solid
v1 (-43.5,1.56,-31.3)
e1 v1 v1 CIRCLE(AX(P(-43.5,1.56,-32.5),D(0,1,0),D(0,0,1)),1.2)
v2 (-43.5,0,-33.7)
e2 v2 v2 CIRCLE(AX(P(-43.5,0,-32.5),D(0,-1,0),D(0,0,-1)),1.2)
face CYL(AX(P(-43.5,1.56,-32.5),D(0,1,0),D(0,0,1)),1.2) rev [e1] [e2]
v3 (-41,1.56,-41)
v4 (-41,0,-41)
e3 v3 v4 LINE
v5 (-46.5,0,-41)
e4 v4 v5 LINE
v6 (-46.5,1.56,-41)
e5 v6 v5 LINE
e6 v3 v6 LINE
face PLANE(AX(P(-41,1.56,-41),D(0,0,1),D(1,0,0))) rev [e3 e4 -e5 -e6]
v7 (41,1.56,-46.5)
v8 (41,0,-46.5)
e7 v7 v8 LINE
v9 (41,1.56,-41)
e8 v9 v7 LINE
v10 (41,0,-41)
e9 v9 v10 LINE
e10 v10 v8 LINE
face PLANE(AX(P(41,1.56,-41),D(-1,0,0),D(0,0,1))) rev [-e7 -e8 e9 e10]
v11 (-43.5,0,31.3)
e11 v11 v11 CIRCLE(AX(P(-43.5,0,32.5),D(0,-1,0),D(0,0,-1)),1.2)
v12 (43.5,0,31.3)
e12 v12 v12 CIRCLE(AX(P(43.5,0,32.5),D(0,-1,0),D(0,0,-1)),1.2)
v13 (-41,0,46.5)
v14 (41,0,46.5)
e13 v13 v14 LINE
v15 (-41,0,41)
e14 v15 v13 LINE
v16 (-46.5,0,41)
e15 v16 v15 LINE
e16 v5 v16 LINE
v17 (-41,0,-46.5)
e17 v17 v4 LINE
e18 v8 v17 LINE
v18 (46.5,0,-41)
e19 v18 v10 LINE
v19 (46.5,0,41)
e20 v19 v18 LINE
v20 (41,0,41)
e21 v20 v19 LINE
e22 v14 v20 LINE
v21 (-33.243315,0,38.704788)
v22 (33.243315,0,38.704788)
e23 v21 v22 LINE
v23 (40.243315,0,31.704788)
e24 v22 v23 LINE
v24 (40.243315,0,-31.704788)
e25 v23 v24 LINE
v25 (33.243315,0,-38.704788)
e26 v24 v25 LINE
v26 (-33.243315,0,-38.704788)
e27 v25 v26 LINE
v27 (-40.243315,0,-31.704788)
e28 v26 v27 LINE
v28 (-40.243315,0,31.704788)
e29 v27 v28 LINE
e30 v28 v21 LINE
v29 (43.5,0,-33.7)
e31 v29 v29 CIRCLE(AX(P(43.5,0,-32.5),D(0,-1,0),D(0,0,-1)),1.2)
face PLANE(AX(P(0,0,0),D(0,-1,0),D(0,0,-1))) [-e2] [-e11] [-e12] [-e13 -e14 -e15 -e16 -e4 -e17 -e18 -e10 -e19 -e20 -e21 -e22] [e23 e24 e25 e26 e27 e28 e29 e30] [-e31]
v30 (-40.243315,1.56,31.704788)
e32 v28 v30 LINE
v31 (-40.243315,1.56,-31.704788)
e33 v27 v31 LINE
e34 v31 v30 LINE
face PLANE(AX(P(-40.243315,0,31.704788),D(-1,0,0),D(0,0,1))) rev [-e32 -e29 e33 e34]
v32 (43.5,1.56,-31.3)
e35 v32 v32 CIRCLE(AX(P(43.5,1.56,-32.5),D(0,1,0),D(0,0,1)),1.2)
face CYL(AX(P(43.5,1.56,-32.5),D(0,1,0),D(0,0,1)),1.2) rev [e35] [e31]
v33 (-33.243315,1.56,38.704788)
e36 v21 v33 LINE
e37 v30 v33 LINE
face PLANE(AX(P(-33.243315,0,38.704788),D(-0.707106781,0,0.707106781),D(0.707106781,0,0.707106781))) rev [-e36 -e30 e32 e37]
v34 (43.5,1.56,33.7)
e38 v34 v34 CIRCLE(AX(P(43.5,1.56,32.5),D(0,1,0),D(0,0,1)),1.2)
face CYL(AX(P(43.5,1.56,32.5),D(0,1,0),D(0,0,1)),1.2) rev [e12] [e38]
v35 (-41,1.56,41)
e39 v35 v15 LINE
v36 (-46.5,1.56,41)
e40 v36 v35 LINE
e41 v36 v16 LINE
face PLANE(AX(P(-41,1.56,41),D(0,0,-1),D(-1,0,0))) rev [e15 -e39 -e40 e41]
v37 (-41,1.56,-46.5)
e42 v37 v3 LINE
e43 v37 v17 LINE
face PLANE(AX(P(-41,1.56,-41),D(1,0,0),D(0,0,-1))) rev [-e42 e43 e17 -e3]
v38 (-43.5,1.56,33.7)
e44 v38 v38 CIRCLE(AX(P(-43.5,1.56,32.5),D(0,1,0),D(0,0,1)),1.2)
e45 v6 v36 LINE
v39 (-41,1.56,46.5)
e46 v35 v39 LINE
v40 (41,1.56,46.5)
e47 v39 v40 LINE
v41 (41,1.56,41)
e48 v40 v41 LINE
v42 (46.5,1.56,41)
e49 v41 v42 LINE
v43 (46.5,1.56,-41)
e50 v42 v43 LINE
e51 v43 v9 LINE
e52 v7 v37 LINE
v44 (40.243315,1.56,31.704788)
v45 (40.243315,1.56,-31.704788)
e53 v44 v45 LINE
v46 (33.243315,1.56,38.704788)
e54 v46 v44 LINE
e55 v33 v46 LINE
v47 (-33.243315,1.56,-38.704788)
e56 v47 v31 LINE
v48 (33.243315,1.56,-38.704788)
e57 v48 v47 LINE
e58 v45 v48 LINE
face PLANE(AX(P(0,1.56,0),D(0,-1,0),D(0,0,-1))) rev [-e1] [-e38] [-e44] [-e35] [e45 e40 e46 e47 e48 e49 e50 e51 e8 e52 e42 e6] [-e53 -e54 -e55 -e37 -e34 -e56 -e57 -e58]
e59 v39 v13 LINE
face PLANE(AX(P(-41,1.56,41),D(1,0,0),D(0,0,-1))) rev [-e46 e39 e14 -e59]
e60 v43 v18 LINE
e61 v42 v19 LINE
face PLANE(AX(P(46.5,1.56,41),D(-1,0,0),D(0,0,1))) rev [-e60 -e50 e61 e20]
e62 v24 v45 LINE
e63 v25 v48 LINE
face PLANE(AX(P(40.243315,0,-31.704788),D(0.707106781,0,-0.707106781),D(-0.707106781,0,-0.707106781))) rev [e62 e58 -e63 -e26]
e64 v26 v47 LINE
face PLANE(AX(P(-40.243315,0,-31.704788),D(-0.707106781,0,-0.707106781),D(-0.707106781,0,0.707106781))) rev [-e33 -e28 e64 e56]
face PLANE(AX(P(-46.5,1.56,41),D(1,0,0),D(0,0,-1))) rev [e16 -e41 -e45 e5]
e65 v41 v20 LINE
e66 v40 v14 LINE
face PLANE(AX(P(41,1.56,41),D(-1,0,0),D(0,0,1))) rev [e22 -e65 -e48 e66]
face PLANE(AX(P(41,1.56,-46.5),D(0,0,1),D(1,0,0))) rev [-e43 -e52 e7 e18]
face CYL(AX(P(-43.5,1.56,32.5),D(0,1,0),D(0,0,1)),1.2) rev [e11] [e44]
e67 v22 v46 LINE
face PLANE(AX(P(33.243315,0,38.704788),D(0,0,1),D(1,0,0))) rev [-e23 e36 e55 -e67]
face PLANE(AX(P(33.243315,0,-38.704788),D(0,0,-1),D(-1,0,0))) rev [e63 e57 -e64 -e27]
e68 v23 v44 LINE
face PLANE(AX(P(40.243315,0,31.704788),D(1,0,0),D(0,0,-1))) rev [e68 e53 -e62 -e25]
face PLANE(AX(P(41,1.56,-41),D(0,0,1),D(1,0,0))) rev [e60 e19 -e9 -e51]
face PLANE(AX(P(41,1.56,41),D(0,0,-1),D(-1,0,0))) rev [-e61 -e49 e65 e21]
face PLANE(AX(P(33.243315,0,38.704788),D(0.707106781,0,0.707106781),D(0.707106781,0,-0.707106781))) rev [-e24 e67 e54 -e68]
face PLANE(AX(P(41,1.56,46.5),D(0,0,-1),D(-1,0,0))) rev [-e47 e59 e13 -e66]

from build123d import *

# Parameters (mm, degrees)
BOSS_EXTRUDE1_DEPTH      = 1.56
CUT_EXTRUDE1_DEPTH       = 1.56
M2_CLEARANCE_HOLE1_D     = 2.4
M2_CLEARANCE_HOLE1_DEPTH = 38.1
M2_CLEARANCE_HOLE1_TIP   = 0.721032743


with BuildPart() as part:
    # Sketch1 → Boss-Extrude1 (new body)
    with BuildSketch(Plane(origin=(0, 0, 0), x_dir=(1, 0, 0), z_dir=(0, 1, 0))):
        Polygon((-41, -41), (-46.5, -41), (-46.5, 41), (-41, 41), (-41, 46.5), (41, 46.5), (41, 41), (46.5, 41), (46.5, -41), (41, -41), (41, -46.5), (-41, -46.5), align=None)
    extrude(amount=BOSS_EXTRUDE1_DEPTH)

    # Sketch2 → Cut-Extrude1 (cut)
    with BuildSketch(Plane(origin=(0, 1.56, 0), x_dir=(1, 0, 0), z_dir=(0, 1, 0))):
        Polygon((-40.243314804, 31.704788024), (-33.243314804, 38.704788024), (33.243314804, 38.704788024), (40.243314804, 31.704788024), (40.243314804, -31.704788024), (33.243314804, -38.704788024), (-33.243314804, -38.704788024), (-40.243314804, -31.704788024), align=None)
    extrude(amount=-CUT_EXTRUDE1_DEPTH, mode=Mode.SUBTRACT)

    # M2 Clearance Hole1
    with Locations(Plane(origin=(0, 1.56, 0), x_dir=(1, 0, 0), z_dir=(0, 1, 0))):
        with Locations((-43.5, -32.5), (-43.5, 32.5), (43.5, 32.5), (43.5, -32.5)):
            Hole(M2_CLEARANCE_HOLE1_D / 2, depth=M2_CLEARANCE_HOLE1_DEPTH)
            with Locations((0, 0, -(M2_CLEARANCE_HOLE1_DEPTH + M2_CLEARANCE_HOLE1_TIP / 2))):  # 118° drill point
                Cone(0, M2_CLEARANCE_HOLE1_D / 2, M2_CLEARANCE_HOLE1_TIP, mode=Mode.SUBTRACT)


solid = part.part
